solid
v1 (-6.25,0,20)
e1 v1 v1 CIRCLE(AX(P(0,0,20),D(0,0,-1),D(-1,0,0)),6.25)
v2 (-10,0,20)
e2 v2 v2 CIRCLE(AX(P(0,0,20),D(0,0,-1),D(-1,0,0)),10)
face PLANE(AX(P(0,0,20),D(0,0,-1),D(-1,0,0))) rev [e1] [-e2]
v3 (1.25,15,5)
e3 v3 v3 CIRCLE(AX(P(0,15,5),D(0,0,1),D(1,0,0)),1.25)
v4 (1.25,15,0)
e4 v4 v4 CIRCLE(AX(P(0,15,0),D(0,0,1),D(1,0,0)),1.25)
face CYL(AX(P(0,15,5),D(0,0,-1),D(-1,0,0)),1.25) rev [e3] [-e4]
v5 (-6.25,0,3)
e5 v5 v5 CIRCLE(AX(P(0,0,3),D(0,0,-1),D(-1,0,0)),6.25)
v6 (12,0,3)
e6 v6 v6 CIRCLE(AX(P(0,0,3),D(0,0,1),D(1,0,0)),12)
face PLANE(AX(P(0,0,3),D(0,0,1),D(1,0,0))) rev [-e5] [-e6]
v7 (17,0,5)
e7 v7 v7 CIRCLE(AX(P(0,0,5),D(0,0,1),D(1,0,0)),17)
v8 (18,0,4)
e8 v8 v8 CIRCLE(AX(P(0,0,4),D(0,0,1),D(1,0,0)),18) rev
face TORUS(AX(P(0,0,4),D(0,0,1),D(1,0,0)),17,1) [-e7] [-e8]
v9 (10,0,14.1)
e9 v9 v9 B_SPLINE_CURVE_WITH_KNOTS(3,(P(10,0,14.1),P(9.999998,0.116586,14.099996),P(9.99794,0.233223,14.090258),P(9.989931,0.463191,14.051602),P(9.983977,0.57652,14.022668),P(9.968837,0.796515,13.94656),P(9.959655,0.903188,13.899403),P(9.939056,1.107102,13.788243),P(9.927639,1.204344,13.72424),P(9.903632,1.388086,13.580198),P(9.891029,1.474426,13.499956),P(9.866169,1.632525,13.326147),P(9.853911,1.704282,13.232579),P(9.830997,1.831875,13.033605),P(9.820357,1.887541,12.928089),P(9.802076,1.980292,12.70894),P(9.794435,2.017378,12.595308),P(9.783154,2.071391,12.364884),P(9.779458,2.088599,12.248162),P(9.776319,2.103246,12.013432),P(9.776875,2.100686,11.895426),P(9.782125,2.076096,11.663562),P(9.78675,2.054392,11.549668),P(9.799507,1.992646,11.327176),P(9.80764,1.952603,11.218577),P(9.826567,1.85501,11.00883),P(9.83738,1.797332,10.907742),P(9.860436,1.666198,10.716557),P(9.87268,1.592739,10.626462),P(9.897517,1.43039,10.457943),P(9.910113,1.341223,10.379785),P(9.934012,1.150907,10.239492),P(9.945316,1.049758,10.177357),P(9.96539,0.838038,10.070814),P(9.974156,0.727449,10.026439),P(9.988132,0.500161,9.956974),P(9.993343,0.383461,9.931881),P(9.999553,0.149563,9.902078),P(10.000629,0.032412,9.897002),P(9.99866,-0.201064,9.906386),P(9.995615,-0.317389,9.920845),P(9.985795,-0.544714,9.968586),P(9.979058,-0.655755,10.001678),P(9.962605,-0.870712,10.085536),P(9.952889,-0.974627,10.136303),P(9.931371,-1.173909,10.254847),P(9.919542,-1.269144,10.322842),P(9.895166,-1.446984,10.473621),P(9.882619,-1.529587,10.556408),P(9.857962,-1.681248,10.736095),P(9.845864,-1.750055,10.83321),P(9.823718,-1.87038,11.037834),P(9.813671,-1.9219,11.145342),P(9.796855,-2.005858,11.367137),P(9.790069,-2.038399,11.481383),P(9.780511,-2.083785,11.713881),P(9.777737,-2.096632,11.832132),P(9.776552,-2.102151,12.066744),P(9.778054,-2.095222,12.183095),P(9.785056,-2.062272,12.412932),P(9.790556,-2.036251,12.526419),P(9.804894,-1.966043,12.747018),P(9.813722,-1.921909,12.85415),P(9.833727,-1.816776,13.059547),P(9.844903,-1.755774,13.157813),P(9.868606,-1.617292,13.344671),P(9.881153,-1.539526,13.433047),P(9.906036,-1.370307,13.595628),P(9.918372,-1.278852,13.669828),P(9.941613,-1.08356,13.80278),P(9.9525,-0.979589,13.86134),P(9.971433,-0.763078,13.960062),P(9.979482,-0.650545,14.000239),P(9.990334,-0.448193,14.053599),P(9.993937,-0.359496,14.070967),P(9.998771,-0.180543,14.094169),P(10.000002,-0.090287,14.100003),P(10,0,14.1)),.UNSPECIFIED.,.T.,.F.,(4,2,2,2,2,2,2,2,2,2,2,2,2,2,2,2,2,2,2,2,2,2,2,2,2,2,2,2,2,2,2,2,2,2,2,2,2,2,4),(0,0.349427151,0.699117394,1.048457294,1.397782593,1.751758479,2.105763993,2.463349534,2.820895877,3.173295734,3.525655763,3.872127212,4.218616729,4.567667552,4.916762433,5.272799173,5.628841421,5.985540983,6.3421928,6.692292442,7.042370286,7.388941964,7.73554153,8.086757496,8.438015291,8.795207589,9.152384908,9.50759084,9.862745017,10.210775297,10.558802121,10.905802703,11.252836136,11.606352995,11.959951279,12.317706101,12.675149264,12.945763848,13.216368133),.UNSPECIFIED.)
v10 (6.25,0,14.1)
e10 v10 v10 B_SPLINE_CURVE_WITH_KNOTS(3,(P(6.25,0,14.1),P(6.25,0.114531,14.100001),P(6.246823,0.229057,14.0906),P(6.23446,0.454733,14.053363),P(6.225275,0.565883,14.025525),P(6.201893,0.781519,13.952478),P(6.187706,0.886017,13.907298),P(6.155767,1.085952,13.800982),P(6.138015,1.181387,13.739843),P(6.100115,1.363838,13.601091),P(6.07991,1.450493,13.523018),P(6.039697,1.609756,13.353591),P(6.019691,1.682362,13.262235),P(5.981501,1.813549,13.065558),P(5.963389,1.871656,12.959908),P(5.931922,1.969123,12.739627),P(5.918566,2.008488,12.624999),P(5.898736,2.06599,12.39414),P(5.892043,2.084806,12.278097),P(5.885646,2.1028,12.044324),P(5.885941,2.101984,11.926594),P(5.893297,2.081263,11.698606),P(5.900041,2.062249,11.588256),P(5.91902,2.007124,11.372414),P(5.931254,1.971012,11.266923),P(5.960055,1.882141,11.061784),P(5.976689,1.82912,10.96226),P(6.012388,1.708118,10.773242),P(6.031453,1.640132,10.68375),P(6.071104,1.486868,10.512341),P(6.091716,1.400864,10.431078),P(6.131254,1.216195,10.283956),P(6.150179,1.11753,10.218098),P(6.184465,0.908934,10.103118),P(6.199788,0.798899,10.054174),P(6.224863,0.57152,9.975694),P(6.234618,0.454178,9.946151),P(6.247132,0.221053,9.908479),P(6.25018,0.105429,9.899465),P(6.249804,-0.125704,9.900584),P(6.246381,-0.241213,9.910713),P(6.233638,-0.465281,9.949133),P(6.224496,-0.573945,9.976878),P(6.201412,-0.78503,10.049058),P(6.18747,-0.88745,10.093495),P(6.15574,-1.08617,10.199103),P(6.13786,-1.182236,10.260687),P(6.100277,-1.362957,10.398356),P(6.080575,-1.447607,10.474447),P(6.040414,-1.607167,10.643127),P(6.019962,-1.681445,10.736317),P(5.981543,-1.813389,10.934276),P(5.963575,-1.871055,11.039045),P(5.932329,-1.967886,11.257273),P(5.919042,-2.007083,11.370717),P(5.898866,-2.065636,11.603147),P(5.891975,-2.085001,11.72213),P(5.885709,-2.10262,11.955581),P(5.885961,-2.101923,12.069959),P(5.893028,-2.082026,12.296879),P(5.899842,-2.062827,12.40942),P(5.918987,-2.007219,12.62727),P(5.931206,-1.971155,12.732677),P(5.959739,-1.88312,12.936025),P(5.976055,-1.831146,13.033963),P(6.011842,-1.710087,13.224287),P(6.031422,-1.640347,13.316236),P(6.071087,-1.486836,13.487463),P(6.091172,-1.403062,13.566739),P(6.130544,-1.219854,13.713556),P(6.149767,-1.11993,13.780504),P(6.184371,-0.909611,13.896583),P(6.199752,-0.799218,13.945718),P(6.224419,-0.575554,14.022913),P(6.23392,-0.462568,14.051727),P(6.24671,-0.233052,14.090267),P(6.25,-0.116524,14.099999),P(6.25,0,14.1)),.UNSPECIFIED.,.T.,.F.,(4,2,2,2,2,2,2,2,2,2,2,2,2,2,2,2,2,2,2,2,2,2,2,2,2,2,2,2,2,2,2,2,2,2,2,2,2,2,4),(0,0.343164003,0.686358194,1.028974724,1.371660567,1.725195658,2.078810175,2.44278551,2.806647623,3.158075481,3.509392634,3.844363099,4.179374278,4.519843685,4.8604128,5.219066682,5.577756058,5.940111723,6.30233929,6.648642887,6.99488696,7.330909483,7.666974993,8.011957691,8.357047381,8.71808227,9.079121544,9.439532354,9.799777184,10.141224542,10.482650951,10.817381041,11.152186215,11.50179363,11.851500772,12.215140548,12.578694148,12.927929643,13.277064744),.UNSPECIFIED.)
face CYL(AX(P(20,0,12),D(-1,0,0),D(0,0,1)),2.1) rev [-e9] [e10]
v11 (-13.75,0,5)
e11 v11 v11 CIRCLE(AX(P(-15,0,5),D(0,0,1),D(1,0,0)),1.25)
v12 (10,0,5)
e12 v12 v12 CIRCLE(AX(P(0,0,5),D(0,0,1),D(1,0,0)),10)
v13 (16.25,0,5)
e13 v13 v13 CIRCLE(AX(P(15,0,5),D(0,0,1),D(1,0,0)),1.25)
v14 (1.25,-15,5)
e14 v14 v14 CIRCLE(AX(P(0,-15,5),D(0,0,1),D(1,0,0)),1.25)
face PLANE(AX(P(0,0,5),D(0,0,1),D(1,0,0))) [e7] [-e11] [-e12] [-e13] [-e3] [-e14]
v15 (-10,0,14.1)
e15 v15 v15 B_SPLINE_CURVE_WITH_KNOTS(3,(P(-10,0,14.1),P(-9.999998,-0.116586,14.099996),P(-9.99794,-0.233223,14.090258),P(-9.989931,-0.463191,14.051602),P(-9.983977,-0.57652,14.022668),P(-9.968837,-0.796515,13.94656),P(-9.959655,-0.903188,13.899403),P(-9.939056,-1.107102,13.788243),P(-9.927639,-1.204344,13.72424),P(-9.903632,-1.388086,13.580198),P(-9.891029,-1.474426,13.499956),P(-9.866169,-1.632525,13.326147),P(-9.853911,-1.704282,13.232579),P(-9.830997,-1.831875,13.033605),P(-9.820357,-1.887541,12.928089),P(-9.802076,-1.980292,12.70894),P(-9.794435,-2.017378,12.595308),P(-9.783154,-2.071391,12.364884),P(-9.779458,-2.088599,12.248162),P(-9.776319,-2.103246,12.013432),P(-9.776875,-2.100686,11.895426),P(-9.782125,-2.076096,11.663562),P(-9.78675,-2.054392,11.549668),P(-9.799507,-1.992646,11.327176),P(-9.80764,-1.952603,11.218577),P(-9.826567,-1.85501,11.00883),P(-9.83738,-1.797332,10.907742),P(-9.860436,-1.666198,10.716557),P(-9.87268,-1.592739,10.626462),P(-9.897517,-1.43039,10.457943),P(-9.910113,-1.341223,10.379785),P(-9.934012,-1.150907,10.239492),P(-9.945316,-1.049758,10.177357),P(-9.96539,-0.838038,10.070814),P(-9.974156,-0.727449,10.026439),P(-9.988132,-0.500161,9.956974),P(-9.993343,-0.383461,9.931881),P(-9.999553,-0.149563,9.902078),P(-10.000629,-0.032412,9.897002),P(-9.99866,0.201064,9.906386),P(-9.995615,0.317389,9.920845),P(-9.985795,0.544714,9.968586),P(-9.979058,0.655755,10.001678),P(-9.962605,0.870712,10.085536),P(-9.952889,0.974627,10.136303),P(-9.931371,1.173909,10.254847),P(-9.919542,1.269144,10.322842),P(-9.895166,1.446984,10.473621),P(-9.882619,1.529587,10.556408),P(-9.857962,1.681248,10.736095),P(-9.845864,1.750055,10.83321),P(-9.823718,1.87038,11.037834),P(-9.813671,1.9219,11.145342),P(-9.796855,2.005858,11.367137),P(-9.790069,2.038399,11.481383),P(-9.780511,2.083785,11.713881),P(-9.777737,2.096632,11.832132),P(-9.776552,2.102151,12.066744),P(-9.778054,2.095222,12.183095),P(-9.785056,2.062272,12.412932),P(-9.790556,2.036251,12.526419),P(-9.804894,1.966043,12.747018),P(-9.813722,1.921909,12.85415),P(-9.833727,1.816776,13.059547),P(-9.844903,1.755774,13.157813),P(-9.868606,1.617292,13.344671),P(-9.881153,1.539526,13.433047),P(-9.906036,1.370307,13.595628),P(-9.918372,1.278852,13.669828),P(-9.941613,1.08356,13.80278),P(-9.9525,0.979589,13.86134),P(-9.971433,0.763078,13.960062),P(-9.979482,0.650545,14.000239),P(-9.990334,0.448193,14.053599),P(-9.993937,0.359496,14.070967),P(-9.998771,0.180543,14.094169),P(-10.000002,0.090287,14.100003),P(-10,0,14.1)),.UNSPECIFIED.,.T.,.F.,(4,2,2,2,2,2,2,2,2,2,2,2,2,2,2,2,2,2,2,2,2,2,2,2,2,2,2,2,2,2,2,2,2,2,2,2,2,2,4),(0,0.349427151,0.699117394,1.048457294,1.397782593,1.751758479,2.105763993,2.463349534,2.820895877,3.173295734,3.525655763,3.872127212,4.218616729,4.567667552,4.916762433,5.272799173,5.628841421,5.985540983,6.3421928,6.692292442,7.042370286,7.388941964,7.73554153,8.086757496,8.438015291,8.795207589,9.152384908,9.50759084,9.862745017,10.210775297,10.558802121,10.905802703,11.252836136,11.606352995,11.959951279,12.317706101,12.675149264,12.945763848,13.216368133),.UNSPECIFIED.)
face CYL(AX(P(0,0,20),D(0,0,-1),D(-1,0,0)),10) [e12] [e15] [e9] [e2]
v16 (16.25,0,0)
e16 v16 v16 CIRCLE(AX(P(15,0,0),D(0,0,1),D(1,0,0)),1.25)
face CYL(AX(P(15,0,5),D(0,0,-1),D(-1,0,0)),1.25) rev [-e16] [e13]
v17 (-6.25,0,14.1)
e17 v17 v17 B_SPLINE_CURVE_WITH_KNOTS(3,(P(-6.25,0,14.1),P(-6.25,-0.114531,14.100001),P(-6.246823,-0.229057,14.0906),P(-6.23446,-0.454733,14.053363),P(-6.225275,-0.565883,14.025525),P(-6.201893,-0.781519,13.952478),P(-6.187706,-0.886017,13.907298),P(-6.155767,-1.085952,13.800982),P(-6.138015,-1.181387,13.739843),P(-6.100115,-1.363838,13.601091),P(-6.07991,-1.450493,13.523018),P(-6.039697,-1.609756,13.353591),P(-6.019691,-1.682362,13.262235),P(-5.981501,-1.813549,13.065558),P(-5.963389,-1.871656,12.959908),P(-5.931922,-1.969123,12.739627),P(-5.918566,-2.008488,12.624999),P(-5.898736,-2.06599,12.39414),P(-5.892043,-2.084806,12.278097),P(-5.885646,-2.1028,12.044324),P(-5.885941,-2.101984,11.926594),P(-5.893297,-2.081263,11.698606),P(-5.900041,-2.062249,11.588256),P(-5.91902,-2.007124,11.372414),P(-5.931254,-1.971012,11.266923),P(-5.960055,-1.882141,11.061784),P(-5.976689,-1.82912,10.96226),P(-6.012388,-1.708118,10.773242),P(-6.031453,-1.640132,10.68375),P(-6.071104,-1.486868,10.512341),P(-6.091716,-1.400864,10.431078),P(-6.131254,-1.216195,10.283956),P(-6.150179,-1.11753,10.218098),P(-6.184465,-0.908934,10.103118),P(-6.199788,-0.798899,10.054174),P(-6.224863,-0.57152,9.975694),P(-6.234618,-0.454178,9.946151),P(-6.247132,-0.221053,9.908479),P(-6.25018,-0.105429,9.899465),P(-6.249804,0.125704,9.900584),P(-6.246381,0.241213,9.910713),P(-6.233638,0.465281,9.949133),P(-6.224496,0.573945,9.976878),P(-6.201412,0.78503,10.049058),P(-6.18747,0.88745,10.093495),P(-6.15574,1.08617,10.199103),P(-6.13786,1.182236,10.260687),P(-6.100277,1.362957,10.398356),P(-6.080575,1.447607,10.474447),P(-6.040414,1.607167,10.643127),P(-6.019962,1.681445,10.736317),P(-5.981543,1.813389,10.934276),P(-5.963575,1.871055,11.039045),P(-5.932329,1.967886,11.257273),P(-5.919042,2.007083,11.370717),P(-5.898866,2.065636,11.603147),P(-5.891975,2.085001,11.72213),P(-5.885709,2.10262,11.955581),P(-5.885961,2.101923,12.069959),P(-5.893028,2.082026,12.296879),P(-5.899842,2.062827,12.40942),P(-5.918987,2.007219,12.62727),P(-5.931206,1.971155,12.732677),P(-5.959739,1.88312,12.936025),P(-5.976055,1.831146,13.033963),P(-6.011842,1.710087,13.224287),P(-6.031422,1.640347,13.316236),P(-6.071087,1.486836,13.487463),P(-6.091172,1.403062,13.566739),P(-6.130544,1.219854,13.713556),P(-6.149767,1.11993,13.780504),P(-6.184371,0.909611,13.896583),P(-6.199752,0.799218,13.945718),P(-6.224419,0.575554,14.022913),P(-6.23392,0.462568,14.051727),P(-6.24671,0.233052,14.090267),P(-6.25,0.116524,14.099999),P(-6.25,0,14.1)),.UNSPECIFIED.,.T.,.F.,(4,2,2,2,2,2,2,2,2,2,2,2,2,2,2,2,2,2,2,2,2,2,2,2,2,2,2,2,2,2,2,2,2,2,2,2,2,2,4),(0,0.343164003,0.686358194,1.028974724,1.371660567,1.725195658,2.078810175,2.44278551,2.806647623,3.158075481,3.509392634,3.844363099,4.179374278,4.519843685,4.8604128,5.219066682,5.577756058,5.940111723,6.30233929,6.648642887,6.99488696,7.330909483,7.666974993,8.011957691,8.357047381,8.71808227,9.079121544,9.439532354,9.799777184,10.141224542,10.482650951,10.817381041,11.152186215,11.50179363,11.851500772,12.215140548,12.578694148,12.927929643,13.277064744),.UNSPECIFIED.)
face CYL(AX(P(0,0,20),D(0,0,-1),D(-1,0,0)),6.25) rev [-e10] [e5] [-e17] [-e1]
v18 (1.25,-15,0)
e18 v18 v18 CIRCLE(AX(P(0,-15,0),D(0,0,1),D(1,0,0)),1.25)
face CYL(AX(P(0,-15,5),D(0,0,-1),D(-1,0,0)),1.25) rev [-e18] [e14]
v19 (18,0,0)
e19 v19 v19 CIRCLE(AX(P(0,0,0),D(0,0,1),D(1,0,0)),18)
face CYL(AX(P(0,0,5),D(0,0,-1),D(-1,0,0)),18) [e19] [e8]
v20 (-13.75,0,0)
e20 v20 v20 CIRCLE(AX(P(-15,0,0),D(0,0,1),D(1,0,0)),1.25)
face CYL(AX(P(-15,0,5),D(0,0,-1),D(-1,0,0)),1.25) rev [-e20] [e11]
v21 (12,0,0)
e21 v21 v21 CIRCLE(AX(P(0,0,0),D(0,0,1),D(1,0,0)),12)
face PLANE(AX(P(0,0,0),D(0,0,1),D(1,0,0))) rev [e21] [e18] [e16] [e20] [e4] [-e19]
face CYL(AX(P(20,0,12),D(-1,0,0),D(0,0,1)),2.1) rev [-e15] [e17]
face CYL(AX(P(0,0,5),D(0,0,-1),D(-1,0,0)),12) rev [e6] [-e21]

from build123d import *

# Parameters (mm, degrees)
SKETCH_1_R               = 18
SKETCH_1_R_2             = 12
SKETCH_1_R_3             = 1.25
EXTRUDE_1_DEPTH          = 5
EXTRUDE_START            = -2
SKETCH_2_R               = 12
SKETCH_2_R_2             = 10
EXTRUDE_2_DEPTH          = 2
FILLET_1_R               = 1
SKETCH_3_R               = 10
SKETCH_3_R_2             = 6.25
EXTRUDE_3_DEPTH          = 17
CUT_EXTRUDE_1_DEPTH      = 20
CUT_EXTRUDE_1_DEPTH_BACK = 20
SKETCH_4_R               = 2.1


with BuildPart() as part:
    # 草图1 → 凸台-拉伸1 (new body)
    with BuildSketch(Plane.XY):
        Circle(SKETCH_1_R)
        Circle(SKETCH_1_R_2, mode=Mode.SUBTRACT)
        with Locations((0, 15)):
            Circle(SKETCH_1_R_3, mode=Mode.SUBTRACT)
        with Locations((-15, 0)):
            Circle(SKETCH_1_R_3, mode=Mode.SUBTRACT)
        with Locations((0, -15)):
            Circle(SKETCH_1_R_3, mode=Mode.SUBTRACT)
        with Locations((15, 0)):
            Circle(SKETCH_1_R_3, mode=Mode.SUBTRACT)
    extrude(amount=EXTRUDE_1_DEPTH)

    # 草图2 → 凸台-拉伸2 (add)
    with BuildSketch(Plane.XY.offset(5).offset(EXTRUDE_START)):
        Circle(SKETCH_2_R)
        Circle(SKETCH_2_R_2, mode=Mode.SUBTRACT)
    extrude(amount=EXTRUDE_2_DEPTH)

    # 圆角1
    fillet_1_edges = [part.edges().sort_by_distance(p)[0] for p in [
        (-18, 0, 5),
    ]]
    fillet(fillet_1_edges, radius=FILLET_1_R)

    # 草图3 → 凸台-拉伸3 (add)
    with BuildSketch(Plane(origin=(0, 0, 3), x_dir=(-1, 0, 0), z_dir=(0, 0, -1))):
        Circle(SKETCH_3_R)
        Circle(SKETCH_3_R_2, mode=Mode.SUBTRACT)
    extrude(amount=-EXTRUDE_3_DEPTH)

    # 草图4 → 切除-拉伸1 (cut, two sides: drawn at the far end of the back side and taken through both)
    with BuildSketch(Plane(origin=(0, 0, 0), x_dir=(0, 0, -1), z_dir=(1, 0, 0)).offset(-CUT_EXTRUDE_1_DEPTH_BACK)):
        with Locations((-12, 0)):
            Circle(SKETCH_4_R)
    extrude(amount=CUT_EXTRUDE_1_DEPTH + CUT_EXTRUDE_1_DEPTH_BACK, mode=Mode.SUBTRACT)


solid = part.part
